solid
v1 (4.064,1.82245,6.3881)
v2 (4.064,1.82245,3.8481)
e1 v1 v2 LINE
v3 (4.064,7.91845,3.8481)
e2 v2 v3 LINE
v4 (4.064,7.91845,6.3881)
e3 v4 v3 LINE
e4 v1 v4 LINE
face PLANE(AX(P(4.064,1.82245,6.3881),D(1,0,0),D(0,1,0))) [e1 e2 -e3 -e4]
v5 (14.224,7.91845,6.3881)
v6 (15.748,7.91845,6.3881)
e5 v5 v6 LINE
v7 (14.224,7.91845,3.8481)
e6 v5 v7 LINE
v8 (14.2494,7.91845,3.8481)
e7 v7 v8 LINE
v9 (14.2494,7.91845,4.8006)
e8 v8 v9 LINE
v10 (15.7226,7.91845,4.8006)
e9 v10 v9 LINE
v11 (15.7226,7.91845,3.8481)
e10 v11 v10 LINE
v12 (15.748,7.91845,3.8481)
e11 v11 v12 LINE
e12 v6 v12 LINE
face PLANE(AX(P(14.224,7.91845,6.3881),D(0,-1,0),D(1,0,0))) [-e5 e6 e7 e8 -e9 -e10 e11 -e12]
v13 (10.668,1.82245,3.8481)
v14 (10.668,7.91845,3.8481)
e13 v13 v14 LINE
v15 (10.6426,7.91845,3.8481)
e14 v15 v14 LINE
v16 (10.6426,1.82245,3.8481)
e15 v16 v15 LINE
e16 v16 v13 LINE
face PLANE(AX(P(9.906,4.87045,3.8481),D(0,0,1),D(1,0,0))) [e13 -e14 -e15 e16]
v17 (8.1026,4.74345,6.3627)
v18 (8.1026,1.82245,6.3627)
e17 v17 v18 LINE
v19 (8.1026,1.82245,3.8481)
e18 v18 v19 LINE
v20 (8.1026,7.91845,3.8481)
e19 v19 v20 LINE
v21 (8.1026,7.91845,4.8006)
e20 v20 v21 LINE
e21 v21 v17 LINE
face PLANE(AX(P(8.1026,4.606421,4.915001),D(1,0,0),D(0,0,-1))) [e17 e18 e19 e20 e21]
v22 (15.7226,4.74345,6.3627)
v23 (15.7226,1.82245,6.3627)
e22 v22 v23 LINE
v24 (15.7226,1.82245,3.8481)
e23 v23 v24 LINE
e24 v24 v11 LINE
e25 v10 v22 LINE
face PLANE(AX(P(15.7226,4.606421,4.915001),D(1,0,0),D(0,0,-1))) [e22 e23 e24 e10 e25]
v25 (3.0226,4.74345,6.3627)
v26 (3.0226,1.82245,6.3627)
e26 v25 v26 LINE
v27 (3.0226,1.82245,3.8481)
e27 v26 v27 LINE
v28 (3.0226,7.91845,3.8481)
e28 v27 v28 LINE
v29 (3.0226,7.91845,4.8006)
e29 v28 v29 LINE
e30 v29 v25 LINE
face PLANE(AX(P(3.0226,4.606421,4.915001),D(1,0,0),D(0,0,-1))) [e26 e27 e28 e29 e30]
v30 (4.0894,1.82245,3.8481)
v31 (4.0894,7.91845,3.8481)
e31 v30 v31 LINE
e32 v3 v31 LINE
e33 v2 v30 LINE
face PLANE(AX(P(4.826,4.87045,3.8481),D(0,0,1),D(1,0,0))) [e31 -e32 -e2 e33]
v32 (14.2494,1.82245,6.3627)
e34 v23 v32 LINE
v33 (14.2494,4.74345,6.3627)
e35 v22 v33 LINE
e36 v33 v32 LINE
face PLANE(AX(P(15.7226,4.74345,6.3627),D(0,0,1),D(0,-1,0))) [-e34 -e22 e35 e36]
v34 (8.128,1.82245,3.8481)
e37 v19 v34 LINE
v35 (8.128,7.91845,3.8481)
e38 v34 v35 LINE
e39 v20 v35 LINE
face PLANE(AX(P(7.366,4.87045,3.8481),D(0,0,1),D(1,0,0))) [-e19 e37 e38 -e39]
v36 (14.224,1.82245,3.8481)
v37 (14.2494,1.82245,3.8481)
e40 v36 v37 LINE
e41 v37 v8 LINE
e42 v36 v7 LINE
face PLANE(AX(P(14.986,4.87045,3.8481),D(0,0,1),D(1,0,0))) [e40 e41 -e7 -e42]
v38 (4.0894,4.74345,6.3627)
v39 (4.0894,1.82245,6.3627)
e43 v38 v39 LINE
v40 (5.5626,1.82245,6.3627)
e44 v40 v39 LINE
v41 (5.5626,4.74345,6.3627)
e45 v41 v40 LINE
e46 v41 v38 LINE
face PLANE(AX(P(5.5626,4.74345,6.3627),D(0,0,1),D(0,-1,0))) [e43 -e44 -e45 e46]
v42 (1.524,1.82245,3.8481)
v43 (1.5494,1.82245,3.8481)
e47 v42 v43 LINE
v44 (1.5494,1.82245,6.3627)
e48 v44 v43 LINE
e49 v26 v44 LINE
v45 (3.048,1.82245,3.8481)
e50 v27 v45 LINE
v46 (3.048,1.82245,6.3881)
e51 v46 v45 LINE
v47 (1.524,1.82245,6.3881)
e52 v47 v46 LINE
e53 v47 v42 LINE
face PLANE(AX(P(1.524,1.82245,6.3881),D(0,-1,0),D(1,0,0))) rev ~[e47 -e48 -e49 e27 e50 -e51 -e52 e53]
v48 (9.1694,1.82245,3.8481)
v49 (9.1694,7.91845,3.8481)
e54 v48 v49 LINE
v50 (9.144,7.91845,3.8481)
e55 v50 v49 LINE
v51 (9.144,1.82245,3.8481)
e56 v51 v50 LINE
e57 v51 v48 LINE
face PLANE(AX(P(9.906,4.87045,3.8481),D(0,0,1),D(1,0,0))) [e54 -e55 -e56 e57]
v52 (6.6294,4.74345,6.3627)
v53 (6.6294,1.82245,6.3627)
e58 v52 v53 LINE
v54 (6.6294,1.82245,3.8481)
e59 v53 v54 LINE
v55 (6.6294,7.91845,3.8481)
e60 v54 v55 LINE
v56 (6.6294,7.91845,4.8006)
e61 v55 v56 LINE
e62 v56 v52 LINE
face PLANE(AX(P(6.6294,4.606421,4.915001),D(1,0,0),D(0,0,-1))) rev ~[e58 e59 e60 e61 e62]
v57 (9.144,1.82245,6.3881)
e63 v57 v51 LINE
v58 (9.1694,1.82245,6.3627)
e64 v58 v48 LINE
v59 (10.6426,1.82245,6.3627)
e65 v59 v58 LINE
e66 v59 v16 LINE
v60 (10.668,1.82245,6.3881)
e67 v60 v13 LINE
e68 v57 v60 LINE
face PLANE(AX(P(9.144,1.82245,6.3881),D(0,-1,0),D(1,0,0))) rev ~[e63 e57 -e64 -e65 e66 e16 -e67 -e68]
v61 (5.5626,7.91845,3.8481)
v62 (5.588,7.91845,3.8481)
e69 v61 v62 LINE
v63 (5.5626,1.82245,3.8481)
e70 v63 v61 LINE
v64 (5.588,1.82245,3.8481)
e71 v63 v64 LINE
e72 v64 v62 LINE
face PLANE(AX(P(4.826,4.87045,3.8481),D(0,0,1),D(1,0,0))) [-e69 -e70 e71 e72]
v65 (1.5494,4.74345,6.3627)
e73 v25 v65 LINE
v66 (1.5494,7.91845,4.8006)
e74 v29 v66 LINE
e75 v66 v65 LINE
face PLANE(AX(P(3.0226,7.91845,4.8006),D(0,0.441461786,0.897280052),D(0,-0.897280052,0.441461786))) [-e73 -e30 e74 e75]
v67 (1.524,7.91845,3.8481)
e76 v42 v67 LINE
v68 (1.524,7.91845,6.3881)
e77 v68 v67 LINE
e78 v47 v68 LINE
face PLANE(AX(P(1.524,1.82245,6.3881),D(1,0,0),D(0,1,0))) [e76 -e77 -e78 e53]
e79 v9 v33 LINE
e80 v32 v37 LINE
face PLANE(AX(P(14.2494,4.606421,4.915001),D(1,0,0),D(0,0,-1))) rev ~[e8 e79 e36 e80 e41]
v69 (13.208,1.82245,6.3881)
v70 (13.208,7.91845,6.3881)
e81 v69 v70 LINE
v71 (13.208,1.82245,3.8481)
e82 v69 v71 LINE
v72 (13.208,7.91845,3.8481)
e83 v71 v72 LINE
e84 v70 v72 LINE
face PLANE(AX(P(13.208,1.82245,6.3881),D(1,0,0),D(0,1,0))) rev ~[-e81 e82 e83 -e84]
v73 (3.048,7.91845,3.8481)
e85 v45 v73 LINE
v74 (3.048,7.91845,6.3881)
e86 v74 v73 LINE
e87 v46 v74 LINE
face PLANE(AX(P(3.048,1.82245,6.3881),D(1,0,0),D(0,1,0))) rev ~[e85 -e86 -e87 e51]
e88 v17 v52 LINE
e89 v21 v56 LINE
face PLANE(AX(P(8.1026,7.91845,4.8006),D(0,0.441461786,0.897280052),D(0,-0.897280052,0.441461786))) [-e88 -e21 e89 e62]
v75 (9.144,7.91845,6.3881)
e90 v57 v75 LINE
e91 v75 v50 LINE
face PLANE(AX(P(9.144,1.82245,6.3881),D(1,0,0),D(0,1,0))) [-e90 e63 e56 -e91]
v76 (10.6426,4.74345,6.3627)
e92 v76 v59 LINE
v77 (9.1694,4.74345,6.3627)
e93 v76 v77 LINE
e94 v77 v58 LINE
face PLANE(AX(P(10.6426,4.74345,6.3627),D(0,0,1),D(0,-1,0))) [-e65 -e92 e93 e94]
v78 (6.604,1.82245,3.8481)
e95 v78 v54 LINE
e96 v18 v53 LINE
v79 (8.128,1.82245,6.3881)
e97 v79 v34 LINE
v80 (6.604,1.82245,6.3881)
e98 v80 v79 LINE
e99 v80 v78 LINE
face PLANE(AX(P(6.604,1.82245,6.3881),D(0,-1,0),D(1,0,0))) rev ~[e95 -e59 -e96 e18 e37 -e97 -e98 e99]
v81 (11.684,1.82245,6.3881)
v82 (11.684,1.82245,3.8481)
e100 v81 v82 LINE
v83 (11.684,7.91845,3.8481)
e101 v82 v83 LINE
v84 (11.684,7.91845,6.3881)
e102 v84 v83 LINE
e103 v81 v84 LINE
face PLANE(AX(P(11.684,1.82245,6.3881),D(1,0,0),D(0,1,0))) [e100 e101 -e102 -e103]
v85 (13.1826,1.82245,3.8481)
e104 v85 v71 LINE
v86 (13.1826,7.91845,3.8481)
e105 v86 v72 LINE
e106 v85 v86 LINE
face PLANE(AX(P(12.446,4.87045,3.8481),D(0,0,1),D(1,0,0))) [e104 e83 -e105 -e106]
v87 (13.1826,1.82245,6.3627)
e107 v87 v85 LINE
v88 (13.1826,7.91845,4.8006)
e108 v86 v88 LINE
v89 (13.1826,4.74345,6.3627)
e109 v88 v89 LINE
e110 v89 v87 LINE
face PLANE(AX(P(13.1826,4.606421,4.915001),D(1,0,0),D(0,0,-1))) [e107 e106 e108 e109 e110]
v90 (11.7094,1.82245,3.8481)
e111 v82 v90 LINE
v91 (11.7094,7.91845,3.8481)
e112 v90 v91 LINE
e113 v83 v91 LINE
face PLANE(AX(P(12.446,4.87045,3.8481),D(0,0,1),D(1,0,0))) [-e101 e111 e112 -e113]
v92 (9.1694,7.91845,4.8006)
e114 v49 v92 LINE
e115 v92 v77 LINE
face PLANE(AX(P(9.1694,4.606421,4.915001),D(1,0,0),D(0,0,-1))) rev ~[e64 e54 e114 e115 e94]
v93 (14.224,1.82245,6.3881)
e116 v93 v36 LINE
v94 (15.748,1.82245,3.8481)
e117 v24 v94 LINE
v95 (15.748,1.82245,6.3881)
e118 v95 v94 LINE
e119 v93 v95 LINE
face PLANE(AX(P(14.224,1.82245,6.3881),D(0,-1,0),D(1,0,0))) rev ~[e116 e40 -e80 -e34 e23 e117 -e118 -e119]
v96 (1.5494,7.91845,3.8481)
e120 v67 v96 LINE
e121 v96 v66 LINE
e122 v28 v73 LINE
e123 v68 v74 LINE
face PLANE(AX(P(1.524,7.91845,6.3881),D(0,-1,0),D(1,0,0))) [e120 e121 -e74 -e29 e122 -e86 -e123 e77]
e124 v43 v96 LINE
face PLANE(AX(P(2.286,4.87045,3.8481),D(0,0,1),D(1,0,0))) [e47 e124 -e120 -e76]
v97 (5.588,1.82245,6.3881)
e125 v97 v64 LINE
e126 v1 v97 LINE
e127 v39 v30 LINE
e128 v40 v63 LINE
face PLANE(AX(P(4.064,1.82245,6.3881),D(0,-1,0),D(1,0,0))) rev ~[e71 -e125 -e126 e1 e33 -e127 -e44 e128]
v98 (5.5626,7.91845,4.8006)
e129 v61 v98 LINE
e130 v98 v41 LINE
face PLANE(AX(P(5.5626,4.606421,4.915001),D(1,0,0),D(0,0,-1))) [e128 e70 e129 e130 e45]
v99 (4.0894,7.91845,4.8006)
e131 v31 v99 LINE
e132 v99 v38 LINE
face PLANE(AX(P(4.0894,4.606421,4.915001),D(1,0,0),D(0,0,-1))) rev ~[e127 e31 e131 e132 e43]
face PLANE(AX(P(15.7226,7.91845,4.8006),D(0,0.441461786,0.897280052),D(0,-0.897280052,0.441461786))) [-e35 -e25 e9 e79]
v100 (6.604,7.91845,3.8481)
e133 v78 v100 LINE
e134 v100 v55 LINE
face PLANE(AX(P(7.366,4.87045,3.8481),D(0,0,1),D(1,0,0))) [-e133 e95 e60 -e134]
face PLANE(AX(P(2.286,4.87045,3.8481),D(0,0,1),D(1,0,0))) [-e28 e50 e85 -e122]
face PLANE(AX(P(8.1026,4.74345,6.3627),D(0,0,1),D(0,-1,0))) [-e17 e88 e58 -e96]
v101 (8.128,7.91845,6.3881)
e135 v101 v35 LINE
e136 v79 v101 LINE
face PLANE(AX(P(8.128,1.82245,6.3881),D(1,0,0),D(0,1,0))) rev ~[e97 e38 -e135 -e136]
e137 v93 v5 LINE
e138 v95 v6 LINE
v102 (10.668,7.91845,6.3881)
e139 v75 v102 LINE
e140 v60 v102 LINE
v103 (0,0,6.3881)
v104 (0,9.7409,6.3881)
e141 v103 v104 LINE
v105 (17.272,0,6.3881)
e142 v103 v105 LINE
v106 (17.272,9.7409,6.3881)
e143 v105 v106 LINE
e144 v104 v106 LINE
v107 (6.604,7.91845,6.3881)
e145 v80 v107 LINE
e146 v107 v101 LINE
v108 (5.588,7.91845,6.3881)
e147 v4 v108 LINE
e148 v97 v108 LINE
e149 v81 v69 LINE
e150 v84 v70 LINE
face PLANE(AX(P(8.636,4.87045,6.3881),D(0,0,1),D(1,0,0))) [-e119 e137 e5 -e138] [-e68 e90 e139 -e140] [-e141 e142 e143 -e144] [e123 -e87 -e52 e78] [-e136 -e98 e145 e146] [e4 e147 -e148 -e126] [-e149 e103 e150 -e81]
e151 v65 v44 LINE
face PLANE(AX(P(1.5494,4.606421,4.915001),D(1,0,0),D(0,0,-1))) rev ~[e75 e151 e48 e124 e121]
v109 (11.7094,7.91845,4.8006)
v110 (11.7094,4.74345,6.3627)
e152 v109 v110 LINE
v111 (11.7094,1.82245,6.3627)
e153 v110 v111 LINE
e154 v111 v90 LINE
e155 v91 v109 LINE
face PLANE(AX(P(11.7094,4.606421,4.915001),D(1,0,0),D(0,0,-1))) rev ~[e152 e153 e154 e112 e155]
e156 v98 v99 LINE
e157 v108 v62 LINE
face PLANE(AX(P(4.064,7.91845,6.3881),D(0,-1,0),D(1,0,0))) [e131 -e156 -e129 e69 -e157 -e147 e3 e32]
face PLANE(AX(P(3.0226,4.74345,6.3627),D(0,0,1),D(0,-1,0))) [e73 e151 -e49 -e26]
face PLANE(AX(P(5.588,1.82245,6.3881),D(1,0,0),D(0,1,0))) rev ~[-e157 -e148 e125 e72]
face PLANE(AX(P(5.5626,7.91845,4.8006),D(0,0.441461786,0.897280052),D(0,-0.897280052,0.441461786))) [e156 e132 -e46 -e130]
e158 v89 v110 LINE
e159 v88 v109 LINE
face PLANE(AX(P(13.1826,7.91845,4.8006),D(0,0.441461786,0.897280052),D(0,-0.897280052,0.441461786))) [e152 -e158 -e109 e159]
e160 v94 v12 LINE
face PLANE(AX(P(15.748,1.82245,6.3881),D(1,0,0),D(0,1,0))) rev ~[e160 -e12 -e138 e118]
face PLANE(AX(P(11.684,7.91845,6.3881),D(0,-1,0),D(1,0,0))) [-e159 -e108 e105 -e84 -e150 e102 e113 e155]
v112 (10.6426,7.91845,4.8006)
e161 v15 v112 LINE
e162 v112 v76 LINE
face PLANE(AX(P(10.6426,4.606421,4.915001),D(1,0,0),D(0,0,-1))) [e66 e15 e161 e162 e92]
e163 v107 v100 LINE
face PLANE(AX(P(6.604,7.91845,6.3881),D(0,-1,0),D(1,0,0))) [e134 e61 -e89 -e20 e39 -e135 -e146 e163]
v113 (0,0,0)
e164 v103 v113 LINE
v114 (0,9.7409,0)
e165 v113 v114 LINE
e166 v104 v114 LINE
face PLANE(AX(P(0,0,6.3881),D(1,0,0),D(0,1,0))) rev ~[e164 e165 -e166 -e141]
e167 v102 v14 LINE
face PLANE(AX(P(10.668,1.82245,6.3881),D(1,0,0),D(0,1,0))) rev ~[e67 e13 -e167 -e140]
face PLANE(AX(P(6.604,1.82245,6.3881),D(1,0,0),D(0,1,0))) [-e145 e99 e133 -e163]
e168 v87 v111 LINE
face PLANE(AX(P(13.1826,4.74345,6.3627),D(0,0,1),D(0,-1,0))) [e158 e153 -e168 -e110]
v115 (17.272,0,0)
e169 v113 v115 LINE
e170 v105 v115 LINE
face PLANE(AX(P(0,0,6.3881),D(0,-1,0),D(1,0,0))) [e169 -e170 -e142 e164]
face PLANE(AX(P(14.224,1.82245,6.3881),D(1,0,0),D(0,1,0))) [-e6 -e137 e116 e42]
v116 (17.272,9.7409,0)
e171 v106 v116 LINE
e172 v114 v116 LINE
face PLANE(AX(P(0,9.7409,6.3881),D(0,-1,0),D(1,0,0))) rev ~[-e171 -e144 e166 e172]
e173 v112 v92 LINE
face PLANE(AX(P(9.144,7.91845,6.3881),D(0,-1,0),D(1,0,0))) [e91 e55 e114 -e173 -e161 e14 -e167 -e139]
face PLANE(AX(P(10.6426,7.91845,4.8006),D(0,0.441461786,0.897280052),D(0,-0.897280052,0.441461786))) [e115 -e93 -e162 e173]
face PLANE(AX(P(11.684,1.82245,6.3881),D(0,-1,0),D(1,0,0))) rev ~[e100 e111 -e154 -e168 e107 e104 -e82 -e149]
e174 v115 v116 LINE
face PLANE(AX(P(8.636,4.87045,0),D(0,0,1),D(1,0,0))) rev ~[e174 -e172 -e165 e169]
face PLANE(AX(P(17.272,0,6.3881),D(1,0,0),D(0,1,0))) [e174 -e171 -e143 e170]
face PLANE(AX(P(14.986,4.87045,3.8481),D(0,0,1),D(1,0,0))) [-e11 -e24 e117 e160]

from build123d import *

# Parameters (mm, degrees)
SKETCH1_W           = 17.272
SKETCH1_H           = 9.7409
BOSS_EXTRUDE1_DEPTH = 6.3881
SKETCH2_W           = 1.524
SKETCH2_H           = 6.096
CUT_EXTRUDE1_DEPTH  = 2.54
LPATTERN1_COUNT     = 6
LPATTERN1_PITCH     = 2.54
BOSS_EXTRUDE2_DEPTH = 1.4732
LPATTERN2_COUNT     = 6
LPATTERN2_PITCH     = 2.54


with BuildPart() as part:
    # Sketch1 → Boss-Extrude1 (new body)
    with BuildSketch(Plane.XY.offset(6.3881)):
        with Locations((8.636, 4.87045)):
            Rectangle(SKETCH1_W, SKETCH1_H)
    extrude(amount=-BOSS_EXTRUDE1_DEPTH)

    # Sketch2 → Cut-Extrude1 (cut)
    with BuildSketch(Plane.XY.offset(6.3881)):
        with Locations((2.286, 4.87045)):
            Rectangle(SKETCH2_W, SKETCH2_H)
    cut_extrude1 = extrude(amount=-CUT_EXTRUDE1_DEPTH, mode=Mode.SUBTRACT)

    # LPattern1: Cut-Extrude1 ×6
    with Locations(*[(i * LPATTERN1_PITCH, 0, 0) for i in range(1, LPATTERN1_COUNT)]):
        add(cut_extrude1, mode=Mode.SUBTRACT)

    # Sketch3 → Boss-Extrude2 (add)
    with BuildSketch(Plane(origin=(3.0226, 0, 0), x_dir=(0, 0, -1), z_dir=(1, 0, 0))):
        Polygon((-6.3627, 1.82245), (-3.8481, 1.82245), (-3.8481, 7.91845), (-4.8006, 7.91845), (-6.3627, 4.74345), align=None)
    boss_extrude2 = extrude(amount=-BOSS_EXTRUDE2_DEPTH)

    # LPattern2: Boss-Extrude2 ×6
    with Locations(*[(i * LPATTERN2_PITCH, 0, 0) for i in range(1, LPATTERN2_COUNT)]):
        add(boss_extrude2)


solid = part.part
